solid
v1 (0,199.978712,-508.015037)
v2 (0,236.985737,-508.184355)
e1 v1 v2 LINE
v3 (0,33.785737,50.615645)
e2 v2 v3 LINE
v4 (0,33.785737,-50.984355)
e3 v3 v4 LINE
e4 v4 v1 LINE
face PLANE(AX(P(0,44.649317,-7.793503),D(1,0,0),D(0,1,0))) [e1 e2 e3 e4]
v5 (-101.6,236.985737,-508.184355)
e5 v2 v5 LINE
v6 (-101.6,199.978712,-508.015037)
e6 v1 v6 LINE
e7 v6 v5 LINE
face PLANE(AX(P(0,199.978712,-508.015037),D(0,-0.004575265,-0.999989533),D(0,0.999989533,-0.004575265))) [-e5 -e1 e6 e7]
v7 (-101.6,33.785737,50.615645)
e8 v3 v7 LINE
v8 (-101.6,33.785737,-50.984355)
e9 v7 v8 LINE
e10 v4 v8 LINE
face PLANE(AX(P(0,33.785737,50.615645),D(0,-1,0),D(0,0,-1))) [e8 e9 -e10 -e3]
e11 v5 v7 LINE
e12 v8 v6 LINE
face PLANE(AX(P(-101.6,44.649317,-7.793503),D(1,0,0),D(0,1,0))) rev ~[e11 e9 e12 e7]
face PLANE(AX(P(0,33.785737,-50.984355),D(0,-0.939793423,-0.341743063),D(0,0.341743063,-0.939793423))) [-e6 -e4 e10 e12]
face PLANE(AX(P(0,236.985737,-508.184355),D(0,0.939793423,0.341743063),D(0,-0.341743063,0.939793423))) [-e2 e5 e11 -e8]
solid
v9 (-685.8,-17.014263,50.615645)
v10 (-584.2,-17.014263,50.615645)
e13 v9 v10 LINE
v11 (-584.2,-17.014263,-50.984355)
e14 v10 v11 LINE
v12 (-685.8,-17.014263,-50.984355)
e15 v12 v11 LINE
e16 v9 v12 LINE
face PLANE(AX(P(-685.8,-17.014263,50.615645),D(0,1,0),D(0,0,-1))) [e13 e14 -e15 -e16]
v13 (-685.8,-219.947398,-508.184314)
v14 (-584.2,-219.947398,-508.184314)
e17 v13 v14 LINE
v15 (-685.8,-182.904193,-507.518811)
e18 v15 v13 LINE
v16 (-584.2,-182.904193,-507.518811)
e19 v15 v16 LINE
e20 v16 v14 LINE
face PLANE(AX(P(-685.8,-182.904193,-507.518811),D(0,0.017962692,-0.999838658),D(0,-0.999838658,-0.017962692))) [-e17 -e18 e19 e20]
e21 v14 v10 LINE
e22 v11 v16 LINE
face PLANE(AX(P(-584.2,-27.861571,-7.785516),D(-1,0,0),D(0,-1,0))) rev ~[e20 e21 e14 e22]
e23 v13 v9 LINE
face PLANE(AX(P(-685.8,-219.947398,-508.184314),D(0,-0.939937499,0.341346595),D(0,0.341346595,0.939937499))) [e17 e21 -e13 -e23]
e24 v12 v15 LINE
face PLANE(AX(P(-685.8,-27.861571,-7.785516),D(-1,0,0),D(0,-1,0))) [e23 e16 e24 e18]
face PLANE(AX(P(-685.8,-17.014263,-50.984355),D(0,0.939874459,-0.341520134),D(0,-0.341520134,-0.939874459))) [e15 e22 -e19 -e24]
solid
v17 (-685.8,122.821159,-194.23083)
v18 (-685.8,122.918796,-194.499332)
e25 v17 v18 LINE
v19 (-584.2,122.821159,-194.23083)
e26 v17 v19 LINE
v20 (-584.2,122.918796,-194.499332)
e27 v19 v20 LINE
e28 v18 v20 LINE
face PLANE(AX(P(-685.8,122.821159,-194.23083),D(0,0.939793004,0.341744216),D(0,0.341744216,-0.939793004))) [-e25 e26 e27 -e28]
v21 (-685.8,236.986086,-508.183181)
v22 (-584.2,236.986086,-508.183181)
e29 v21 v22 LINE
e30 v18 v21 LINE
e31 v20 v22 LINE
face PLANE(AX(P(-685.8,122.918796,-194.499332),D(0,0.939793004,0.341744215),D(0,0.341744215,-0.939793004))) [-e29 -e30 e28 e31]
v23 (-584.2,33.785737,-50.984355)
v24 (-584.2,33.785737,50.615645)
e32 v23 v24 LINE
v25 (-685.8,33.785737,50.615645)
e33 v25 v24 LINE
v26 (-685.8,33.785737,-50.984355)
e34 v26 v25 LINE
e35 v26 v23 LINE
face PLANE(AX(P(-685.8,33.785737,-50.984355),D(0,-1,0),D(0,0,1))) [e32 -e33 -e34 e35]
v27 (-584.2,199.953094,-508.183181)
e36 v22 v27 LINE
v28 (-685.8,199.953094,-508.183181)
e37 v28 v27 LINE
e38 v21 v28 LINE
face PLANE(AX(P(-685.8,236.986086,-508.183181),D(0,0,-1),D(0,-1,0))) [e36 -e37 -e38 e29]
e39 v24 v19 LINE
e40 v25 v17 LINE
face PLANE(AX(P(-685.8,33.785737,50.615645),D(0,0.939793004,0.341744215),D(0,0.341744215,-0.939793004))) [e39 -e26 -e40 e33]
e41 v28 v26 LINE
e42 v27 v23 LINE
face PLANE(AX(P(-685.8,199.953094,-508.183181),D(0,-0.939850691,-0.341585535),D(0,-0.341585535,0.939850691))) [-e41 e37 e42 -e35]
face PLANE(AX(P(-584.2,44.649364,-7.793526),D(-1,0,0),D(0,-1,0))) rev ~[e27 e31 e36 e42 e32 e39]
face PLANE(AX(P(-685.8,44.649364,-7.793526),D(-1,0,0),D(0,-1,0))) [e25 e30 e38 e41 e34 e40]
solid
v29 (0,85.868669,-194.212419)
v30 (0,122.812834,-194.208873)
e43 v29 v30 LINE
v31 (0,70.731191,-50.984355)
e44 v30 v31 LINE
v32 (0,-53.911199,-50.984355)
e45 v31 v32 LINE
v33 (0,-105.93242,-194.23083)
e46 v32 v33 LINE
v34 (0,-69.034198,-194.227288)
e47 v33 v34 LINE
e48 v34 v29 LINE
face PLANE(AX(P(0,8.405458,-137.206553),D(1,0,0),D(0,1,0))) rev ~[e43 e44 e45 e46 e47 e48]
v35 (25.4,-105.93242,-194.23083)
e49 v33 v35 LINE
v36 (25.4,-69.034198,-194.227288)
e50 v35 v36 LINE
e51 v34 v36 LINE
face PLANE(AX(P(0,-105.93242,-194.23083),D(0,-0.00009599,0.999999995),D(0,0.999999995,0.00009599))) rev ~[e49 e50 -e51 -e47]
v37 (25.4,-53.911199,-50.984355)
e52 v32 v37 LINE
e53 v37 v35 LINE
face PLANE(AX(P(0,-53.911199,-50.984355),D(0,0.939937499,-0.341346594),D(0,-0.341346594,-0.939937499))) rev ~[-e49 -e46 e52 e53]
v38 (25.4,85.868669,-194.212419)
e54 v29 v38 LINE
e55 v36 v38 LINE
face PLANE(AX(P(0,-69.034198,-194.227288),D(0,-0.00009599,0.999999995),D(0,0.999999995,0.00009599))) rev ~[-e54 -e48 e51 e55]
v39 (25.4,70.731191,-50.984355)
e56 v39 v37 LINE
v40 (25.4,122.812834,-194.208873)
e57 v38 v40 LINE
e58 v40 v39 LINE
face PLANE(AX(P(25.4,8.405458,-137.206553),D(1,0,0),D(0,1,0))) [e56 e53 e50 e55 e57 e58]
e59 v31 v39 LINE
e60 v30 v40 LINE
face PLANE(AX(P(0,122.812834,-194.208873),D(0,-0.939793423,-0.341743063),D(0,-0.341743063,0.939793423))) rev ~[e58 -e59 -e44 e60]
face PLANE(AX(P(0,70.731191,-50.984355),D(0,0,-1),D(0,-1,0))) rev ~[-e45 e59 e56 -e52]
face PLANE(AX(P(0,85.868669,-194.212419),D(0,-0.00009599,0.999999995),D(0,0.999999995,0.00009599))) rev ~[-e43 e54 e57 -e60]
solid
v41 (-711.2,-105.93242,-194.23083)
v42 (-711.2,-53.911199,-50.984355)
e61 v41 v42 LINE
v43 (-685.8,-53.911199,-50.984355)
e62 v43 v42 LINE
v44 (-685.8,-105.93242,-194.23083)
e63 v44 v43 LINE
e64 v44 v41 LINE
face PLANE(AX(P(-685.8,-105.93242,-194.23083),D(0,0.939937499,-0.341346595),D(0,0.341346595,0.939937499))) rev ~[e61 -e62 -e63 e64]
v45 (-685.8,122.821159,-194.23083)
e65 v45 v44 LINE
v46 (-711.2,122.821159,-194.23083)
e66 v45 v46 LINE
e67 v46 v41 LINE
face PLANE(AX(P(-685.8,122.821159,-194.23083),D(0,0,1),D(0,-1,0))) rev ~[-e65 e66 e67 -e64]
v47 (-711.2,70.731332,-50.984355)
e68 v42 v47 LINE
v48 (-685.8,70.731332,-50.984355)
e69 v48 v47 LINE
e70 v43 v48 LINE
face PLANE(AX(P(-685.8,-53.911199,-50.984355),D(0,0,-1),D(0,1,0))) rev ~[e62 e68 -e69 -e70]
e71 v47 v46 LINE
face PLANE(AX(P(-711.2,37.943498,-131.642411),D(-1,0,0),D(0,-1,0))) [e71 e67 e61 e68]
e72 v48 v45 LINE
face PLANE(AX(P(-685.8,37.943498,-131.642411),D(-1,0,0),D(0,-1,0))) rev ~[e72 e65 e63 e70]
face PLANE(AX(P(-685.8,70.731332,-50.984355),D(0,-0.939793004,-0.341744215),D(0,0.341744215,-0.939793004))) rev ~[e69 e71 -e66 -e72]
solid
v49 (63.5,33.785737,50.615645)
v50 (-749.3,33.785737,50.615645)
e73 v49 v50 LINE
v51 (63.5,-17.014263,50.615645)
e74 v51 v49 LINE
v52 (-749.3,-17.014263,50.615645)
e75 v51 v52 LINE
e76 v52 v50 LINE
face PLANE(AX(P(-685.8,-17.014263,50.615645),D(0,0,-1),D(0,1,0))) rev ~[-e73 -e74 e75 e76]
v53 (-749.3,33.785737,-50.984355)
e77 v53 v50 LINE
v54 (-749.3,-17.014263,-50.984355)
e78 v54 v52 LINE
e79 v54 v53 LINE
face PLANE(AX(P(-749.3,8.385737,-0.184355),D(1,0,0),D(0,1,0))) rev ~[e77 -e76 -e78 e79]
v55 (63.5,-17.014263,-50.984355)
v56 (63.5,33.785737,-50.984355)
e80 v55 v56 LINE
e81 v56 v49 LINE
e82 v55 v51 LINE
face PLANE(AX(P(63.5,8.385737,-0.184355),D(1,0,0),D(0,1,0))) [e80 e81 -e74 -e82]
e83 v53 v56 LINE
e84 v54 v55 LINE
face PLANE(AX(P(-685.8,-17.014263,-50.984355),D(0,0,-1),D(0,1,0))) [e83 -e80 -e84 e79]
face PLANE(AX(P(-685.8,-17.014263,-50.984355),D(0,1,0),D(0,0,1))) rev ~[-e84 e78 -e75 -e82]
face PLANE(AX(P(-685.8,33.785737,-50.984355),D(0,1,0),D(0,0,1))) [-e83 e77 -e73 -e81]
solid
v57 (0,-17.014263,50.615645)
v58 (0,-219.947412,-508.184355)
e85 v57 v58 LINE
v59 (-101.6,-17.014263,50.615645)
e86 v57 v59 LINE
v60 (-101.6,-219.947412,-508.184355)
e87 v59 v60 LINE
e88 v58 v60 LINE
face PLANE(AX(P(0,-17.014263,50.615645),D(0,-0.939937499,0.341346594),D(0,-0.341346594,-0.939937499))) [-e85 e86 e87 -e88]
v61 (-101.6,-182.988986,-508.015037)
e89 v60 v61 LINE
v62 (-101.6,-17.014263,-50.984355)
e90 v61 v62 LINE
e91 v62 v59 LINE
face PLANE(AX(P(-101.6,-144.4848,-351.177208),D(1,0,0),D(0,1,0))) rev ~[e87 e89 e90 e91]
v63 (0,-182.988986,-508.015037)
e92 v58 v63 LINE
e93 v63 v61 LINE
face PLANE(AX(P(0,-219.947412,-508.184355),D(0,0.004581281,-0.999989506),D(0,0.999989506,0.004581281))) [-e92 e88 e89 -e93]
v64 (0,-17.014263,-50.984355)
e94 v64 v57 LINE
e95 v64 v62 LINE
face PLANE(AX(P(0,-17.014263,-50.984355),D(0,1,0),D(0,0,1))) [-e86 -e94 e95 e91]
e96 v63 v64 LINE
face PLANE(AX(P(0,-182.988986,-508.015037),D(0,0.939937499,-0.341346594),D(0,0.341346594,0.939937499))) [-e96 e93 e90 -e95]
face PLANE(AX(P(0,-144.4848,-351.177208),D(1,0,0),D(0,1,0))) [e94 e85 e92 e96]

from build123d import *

# Parameters (mm, degrees)
F0_W     = 50.8
F0_H     = 101.6
F1_DEPTH = 63.5
F2_DEPTH = 101.6
F3_DEPTH = 685.8
F4_DEPTH = 25.4
F6_DEPTH = 101.6
F7_DEPTH = 63.5
F8_DEPTH = 25.4


with BuildPart() as f1:
    # F0 (on Right) → F1 (new body)
    with BuildSketch(Plane.YZ):
        with Locations((8.3857368908, -0.1843553036)):
            Rectangle(F0_W, F0_H)
    extrude(amount=F1_DEPTH)

    # F0 (on Right) → F3 (join)
    with BuildSketch(Plane.YZ):
        with Locations((8.3857368908, -0.1843553036)):
            Rectangle(F0_W, F0_H)
    extrude(amount=-F3_DEPTH)

    # F7 (add): a face of the model
    f7_faces = [f1.faces().sort_by_distance(p)[0] for p in [
        (-685.8, 8.3857368908, -0.1843553036),
    ]]
    extrude(f7_faces, amount=F7_DEPTH)


with BuildPart() as f2:
    # F0 (on Right) → F2 (new body)
    with BuildSketch(Plane.YZ):
        Polygon((70.7311914363, -50.9843553036), (33.7857368908, 50.6156446964), (33.7857368908, -50.9843553036), align=None)
        Polygon((122.8128342507, -194.2088730433), (85.8686692533, -194.2124193003), (199.9787119015, -508.0150365829), (236.9857368908, -508.1843553036), align=None)
        Polygon((70.7311914363, -50.9843553036), (33.7857368908, -50.9843553036), (85.8686692533, -194.2124193003), (122.8128342507, -194.2088730433), align=None)
    extrude(amount=-F2_DEPTH)


with BuildPart() as f2b:
    # F0 (on Right) → F2, piece 2 (new body)
    with BuildSketch(Plane.YZ):
        Polygon((-182.9889863729, -508.0150365829), (-69.0341977637, -194.2272883706), (-105.9324202058, -194.2308302176), (-219.9474121489, -508.1843553036), align=None)
        Polygon((-69.0341977637, -194.2272883706), (-17.0142631092, -50.9843553036), (-53.9111992982, -50.9843553036), (-105.9324202058, -194.2308302176), align=None)
        Polygon((-17.0142631092, -50.9843553036), (-17.0142631092, 50.6156446964), (-53.9111992982, -50.9843553036), align=None)
    extrude(amount=-F2_DEPTH)


with BuildPart() as f4:
    # F0 (on Right) → F4 (new body)
    with BuildSketch(Plane.YZ):
        Polygon((33.7857368908, -50.9843553036), (-17.0142631092, -50.9843553036), (-69.0341977637, -194.2272883706), (85.8686692533, -194.2124193003), align=None)
        Polygon((-69.0341977637, -194.2272883706), (-17.0142631092, -50.9843553036), (-53.9111992982, -50.9843553036), (-105.9324202058, -194.2308302176), align=None)
        Polygon((70.7311914363, -50.9843553036), (33.7857368908, -50.9843553036), (85.8686692533, -194.2124193003), (122.8128342507, -194.2088730433), align=None)
    extrude(amount=F4_DEPTH)


with BuildPart() as f6:
    # F5 (on face) → F6 (new body)
    with BuildSketch(Plane(origin=(-685.8, 0, 0), x_dir=(0, -1, 0), z_dir=(-1, 0, 0))):
        Polygon((53.9111994149, -50.9843553036), (17.0142631092, 50.6156446964), (17.0142631092, -50.9843553036), align=None)
        Polygon((53.9111994149, -50.9843553036), (17.0142631092, -50.9843553036), (69.0654225647, -194.2308301649), (105.9324204678, -194.2308301649), align=None)
        Polygon((105.9324204678, -194.2308301649), (69.0654225647, -194.2308301649), (182.904193447, -507.5188107205), (219.9473977089, -508.1843137741), align=None)
    extrude(amount=-F6_DEPTH)


with BuildPart() as f6b:
    # F5 (on face) → F6, piece 2 (new body)
    with BuildSketch(Plane(origin=(-685.8, 0, 0), x_dir=(0, -1, 0), z_dir=(-1, 0, 0))):
        Polygon((-33.7857368908, -50.9843553036), (-33.7857368908, 50.6156446964), (-70.7313324906, -50.9843553036), align=None)
        Polygon((-85.8481806419, -194.2308301649), (-33.7857368908, -50.9843553036), (-70.7313324906, -50.9843553036), (-122.8211585863, -194.2308301649), align=None)
        Polygon((-199.9530941248, -508.1831812859), (-85.8481806419, -194.2308301649), (-122.8211585863, -194.2308301649), (-122.9187960073, -194.4993320474), (-236.9860857725, -508.1831812859), align=None)
    extrude(amount=-F6_DEPTH)


with BuildPart() as f8:
    # F5 (on face) → F8 (new body)
    with BuildSketch(Plane(origin=(-685.8, 0, 0), x_dir=(0, -1, 0), z_dir=(-1, 0, 0))):
        Polygon((-12.7845484928, -194.2308301649), (-10.2110409268, -50.9843553036), (-33.7857368908, -50.9843553036), (-85.8481806419, -194.2308301649), align=None)
        Polygon((-85.8481806419, -194.2308301649), (-33.7857368908, -50.9843553036), (-70.7313324906, -50.9843553036), (-122.8211585863, -194.2308301649), align=None)
        Polygon((17.0142631092, -50.9843553036), (-10.2110409268, -50.9843553036), (-12.7845484928, -194.2308301649), (69.0654225647, -194.2308301649), align=None)
        Polygon((53.9111994149, -50.9843553036), (17.0142631092, -50.9843553036), (69.0654225647, -194.2308301649), (105.9324204678, -194.2308301649), align=None)
    extrude(amount=F8_DEPTH)


solid = Compound([f1.part, f2.part, f2b.part, f4.part, f6.part, f6b.part, f8.part])
